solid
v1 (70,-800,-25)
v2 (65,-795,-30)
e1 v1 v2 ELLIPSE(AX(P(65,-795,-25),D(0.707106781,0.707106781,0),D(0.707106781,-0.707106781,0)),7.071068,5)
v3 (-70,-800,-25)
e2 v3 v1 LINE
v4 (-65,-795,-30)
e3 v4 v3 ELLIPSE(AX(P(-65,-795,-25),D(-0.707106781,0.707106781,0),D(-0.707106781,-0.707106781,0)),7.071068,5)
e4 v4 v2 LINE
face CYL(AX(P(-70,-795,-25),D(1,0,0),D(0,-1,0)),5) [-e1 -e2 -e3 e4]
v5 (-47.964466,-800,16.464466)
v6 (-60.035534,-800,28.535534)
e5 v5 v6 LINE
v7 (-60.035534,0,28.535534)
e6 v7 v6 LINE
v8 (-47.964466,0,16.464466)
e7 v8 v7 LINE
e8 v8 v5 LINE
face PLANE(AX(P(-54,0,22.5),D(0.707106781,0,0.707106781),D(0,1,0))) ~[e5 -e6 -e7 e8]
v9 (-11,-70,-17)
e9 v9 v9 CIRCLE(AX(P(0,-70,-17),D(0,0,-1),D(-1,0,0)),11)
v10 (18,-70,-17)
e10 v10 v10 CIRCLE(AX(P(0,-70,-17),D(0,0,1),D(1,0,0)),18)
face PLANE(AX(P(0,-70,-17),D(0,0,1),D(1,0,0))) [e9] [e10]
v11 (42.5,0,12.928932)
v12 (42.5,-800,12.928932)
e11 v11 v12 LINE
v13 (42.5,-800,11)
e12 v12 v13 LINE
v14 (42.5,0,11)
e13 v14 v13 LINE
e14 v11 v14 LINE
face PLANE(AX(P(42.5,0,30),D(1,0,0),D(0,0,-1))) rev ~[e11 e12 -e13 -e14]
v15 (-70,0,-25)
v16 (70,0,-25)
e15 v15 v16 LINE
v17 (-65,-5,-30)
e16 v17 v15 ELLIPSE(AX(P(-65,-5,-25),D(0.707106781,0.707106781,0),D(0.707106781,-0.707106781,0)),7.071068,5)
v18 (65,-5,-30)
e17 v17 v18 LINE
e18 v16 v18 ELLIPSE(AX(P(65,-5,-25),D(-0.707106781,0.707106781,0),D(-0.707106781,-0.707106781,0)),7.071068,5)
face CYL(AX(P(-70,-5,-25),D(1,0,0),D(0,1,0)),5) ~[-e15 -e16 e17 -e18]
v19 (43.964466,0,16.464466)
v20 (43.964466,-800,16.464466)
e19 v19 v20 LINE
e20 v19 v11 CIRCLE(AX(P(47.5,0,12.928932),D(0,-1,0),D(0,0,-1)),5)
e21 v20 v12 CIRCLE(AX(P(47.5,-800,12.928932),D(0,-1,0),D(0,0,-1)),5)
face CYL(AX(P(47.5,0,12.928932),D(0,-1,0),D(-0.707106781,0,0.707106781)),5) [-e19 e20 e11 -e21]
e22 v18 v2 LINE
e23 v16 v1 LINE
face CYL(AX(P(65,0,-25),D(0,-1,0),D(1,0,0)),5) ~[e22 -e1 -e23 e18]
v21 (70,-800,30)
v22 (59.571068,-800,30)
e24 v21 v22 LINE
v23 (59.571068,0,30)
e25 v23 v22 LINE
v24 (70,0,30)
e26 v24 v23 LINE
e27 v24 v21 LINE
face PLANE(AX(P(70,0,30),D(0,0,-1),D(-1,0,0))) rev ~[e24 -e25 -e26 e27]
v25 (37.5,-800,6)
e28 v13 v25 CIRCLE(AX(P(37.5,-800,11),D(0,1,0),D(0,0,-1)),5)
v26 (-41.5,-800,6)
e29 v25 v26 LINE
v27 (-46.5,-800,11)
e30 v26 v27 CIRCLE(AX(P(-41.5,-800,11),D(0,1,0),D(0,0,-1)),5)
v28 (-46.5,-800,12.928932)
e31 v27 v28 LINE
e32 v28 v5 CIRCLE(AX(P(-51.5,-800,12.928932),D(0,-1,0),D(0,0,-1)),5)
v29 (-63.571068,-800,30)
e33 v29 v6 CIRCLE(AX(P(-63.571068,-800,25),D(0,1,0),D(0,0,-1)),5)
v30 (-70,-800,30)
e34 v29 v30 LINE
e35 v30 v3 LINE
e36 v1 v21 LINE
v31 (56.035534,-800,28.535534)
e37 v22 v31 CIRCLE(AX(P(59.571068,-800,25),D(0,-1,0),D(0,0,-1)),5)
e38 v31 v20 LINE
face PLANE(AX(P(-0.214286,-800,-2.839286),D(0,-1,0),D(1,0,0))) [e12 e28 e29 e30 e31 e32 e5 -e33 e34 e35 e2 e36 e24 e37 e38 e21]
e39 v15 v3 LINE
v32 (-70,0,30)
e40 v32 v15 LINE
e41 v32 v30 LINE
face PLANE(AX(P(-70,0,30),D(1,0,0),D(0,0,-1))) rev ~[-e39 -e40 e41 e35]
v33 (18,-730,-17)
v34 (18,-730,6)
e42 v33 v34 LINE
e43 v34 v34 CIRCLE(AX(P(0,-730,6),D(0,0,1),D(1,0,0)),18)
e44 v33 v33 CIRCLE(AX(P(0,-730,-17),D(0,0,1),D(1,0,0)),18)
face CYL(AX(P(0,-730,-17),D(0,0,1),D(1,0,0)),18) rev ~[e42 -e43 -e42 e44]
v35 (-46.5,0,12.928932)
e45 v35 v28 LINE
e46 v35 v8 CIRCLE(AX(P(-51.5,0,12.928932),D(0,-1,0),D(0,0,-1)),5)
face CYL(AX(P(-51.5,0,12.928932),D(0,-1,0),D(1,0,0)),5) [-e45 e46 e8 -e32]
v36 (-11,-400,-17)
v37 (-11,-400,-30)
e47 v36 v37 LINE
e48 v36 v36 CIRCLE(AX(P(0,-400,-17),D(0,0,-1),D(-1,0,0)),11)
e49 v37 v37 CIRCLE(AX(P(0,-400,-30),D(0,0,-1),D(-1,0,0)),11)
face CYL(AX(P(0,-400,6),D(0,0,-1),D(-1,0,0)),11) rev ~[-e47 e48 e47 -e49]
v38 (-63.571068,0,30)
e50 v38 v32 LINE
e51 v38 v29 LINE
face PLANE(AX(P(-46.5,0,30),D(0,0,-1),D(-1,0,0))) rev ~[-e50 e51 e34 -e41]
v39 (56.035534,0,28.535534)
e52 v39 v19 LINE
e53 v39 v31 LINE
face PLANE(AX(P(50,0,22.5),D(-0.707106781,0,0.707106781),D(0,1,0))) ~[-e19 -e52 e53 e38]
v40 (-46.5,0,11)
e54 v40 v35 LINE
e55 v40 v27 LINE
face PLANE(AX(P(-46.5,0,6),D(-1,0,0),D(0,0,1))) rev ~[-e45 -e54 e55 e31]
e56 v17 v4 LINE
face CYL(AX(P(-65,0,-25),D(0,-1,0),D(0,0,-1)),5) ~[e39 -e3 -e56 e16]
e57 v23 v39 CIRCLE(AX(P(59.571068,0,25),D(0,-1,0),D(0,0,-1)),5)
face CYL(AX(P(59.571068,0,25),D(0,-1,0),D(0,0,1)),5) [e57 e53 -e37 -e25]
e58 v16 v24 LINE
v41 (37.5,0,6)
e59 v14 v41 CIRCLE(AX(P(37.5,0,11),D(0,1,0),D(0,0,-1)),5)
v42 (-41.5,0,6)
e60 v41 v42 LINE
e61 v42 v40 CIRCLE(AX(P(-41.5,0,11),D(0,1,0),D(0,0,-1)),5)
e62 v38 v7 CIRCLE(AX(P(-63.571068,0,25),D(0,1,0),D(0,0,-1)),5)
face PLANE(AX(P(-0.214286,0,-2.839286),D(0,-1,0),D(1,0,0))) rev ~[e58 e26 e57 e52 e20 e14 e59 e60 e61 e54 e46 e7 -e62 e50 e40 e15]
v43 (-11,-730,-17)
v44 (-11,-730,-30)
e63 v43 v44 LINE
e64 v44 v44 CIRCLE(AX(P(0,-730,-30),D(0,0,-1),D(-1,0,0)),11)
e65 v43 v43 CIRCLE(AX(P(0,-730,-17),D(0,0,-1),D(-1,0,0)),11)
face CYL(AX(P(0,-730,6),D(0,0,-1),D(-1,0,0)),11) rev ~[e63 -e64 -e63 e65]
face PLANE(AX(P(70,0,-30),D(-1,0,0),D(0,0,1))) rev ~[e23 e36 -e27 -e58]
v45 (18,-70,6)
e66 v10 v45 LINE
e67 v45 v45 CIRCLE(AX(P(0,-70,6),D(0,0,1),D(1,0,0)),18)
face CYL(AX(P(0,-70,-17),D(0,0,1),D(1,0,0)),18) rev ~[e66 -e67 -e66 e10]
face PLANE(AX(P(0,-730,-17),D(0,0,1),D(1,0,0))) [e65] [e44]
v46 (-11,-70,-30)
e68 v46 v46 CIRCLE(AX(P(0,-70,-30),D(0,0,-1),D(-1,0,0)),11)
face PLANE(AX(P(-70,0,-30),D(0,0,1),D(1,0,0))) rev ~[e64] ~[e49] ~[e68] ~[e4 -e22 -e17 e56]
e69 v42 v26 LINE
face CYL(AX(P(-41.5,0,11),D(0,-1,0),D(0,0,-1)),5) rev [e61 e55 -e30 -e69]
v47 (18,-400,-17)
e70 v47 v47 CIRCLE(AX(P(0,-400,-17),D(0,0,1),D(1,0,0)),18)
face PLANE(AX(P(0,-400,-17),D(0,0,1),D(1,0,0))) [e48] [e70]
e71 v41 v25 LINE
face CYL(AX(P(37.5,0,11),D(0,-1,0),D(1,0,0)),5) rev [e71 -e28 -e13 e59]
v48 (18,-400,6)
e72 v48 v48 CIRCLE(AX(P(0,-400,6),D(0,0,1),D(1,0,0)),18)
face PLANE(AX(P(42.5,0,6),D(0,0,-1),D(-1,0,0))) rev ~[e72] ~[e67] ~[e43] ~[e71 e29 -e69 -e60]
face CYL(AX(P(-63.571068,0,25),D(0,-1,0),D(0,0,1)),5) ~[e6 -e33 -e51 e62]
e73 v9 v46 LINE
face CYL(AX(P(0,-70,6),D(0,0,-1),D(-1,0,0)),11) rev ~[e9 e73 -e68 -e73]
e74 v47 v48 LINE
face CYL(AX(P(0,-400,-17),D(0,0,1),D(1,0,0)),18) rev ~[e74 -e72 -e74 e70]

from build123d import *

# Parameters (mm, degrees)
F1_DEPTH       = 800
F2_SIZE        = 15
F3_R           = 5
F5_D           = 22
F5_CBORE_D     = 36
F5_CBORE_DEPTH = 23
F6_D           = 22
F6_CBORE_D     = 36
F6_CBORE_DEPTH = 23
F7_D           = 22
F7_CBORE_D     = 36
F7_CBORE_DEPTH = 23


with BuildPart() as f1:
    # F0 (on Front) → F1 (new body)
    with BuildSketch(Plane.XZ):
        Polygon((70, -30), (70, 30), (42.5, 30), (42.5, 6), (-46.5, 6), (-46.5, 30), (-70, 30), (-70, -30), align=None)
    extrude(amount=F1_DEPTH)

    # F2
    f2_edges = [f1.edges().sort_by_distance(p)[0] for p in [
        (-46.5, -400, 30),
        (42.5, -400, 30),
    ]]
    chamfer(f2_edges, length=F2_SIZE)

    # F3
    f3_edges = [f1.edges().sort_by_distance(p)[0] for p in [
        (-61.5, -400, 30),
        (-46.5, -400, 15),
        (-46.5, -400, 6),
        (57.5, -400, 30),
        (42.5, -400, 15),
        (42.5, -400, 6),
        (-70, -400, -30),
        (70, -400, -30),
        (0, -800, -30),
        (0, 0, -30),
    ]]
    fillet(f3_edges, radius=F3_R)

    # F5 (through all)
    with Locations(Plane.XY.offset(6)):
        with Locations((0, -70)):
            CounterBoreHole(F5_D / 2, F5_CBORE_D / 2, F5_CBORE_DEPTH)

    # F6 (through all)
    with Locations(Plane.XY.offset(6)):
        with Locations((0, -400)):
            CounterBoreHole(F6_D / 2, F6_CBORE_D / 2, F6_CBORE_DEPTH)

    # F7 (through all)
    with Locations(Plane.XY.offset(6)):
        with Locations((0, -730)):
            CounterBoreHole(F7_D / 2, F7_CBORE_D / 2, F7_CBORE_DEPTH)


solid = f1.part
